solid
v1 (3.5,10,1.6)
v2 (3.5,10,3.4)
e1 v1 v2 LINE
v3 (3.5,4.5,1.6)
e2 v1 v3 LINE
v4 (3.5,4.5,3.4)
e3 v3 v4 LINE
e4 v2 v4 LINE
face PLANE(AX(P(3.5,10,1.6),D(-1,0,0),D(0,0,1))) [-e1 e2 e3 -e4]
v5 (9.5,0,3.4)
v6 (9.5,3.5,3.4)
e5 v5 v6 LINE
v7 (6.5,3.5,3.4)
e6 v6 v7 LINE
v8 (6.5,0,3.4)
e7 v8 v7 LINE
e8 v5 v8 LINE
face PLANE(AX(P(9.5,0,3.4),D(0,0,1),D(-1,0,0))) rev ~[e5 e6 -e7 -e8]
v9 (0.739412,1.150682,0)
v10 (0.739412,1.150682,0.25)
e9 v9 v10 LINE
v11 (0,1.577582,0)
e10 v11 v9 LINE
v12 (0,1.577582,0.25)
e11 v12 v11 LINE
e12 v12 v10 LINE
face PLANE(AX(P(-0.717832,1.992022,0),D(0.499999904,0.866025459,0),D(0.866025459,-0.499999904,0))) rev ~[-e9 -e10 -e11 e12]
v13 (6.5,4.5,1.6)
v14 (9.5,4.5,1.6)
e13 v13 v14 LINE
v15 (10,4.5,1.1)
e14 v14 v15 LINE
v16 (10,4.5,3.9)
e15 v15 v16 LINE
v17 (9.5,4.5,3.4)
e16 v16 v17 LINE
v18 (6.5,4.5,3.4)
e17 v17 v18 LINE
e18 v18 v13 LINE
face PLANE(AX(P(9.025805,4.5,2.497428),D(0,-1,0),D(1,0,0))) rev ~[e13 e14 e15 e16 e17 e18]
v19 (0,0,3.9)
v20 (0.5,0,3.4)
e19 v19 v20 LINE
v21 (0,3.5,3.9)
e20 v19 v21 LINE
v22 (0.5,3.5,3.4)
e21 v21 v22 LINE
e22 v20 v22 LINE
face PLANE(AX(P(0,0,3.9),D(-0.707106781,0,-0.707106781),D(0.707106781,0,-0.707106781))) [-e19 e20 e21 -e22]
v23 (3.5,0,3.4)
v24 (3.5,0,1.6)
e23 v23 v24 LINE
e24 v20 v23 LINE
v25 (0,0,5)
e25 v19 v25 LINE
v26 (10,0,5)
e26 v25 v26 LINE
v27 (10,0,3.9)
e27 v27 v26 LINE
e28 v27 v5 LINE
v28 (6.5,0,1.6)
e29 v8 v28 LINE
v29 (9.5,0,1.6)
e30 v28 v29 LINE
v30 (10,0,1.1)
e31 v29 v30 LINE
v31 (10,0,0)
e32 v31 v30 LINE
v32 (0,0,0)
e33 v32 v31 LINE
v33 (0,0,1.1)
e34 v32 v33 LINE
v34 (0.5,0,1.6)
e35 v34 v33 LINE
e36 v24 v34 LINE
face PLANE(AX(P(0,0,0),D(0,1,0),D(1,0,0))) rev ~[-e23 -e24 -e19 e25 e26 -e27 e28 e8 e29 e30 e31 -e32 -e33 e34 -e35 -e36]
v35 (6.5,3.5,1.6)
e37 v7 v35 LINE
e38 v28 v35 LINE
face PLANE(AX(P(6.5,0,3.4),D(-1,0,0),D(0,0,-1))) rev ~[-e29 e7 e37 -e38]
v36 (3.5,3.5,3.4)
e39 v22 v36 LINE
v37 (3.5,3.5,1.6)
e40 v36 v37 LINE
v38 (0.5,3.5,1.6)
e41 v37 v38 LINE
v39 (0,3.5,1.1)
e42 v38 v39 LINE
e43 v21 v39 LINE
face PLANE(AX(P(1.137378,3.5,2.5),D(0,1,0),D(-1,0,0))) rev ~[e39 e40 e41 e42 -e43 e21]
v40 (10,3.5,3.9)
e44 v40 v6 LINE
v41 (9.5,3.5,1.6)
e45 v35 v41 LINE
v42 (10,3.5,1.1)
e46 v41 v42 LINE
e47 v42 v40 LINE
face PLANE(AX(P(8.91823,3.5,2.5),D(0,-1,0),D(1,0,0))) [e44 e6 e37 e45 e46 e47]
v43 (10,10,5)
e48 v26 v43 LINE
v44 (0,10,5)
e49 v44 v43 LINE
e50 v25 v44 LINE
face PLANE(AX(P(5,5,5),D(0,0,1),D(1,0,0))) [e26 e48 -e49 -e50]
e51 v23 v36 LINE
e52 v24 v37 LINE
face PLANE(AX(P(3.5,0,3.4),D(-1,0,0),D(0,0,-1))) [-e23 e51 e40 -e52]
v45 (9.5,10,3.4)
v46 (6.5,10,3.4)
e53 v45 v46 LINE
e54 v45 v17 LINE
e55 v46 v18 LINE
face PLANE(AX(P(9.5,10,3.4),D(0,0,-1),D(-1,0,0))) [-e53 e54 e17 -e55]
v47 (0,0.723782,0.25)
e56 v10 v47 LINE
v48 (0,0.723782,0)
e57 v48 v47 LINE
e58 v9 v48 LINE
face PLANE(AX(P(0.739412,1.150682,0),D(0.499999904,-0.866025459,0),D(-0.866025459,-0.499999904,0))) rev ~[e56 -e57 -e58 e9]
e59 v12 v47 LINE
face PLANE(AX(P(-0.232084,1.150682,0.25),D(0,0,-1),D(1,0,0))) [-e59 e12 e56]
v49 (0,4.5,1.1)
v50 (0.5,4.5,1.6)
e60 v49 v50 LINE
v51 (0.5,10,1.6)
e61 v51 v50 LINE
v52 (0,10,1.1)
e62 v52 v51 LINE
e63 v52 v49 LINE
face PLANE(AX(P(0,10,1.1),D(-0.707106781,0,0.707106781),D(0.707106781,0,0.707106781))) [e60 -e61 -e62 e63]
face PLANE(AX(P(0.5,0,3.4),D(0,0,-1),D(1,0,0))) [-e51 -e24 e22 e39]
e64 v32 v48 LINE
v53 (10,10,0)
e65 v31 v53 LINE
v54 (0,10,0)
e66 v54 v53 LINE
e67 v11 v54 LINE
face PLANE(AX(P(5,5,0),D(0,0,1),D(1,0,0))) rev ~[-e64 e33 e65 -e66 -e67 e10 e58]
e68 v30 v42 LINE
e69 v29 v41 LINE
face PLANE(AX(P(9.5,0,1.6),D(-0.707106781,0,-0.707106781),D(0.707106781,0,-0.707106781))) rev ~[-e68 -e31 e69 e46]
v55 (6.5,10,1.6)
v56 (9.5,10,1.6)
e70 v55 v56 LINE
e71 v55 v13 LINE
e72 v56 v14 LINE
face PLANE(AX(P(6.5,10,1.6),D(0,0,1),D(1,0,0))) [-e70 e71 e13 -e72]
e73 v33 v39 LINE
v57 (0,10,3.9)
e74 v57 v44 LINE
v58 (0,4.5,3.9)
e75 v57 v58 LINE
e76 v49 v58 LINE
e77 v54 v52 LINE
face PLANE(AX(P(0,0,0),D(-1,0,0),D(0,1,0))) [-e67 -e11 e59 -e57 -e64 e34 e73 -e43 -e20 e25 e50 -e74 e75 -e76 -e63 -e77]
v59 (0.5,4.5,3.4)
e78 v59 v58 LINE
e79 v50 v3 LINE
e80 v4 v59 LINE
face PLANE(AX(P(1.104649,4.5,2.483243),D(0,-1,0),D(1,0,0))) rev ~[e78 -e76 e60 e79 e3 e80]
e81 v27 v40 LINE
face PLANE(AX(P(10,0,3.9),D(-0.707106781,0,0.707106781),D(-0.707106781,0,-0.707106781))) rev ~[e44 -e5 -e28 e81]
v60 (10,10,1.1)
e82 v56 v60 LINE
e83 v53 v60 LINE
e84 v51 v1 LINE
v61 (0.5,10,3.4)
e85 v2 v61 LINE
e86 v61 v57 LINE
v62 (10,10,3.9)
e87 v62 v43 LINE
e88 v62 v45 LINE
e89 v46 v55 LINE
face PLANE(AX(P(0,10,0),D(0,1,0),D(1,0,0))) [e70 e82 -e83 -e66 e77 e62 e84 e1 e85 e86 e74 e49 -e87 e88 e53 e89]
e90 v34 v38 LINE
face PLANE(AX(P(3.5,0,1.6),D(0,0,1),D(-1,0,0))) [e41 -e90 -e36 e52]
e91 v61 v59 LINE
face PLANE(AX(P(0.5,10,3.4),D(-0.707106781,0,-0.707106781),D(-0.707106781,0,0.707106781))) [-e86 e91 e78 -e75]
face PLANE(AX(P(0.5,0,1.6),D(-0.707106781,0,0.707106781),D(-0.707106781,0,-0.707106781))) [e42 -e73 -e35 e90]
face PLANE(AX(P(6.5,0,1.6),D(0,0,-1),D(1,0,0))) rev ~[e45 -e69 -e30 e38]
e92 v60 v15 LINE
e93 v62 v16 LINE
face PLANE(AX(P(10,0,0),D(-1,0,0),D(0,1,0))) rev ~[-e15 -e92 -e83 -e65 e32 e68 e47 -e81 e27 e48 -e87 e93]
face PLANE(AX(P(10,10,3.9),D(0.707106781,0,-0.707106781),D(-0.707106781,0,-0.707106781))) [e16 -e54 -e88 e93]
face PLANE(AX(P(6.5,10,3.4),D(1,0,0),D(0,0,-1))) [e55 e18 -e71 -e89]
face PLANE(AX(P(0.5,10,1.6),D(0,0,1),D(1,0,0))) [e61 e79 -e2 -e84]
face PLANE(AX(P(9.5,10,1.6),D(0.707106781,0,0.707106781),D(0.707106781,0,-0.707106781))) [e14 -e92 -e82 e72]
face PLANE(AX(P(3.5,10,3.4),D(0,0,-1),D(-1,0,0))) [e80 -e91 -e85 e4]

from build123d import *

# Parameters (mm, degrees)
SKETCH_W        = 10
SKETCH_H        = 10
PAD_DEPTH       = 5
POCKET_DEPTH    = 3.5
POCKET001_DEPTH = 5.5
POCKET002_DEPTH = 0.25


with BuildPart() as part:
    # Sketch → Pad (new body)
    with BuildSketch(Plane.XY):
        with Locations((5, 5)):
            Rectangle(SKETCH_W, SKETCH_H)
    extrude(amount=PAD_DEPTH)

    # Sketch001 (on Face1 of Pad) → Pocket (cut)
    with BuildSketch(Plane.XZ):
        Polygon((0, 3.9), (0.5, 3.4), (3.5, 3.4), (3.5, 1.6), (0.5, 1.6), (0, 1.1), (-0.843027, 1.1), (-0.843027, 3.9), align=None)
        Polygon((10.955688, 3.9), (10, 3.9), (9.5, 3.4), (6.5, 3.4), (6.5, 1.6), (9.5, 1.6), (10, 1.1), (10.955688, 1.1), align=None)
    extrude(amount=-POCKET_DEPTH, mode=Mode.SUBTRACT)

    # Sketch002 (on Face16 of Pocket) → Pocket001 (cut)
    with BuildSketch(Plane(origin=(0, 10, 0), x_dir=(-1, 0, 0), z_dir=(0, 1, 0))):
        Polygon((-11.13075, 3.9), (-10, 3.9), (-9.5, 3.4), (-6.5, 3.4), (-6.5, 1.6), (-9.5, 1.6), (-10, 1.1), (-11.181449, 1.1), (-11.181449, 3.860271), align=None)
        Polygon((-3.5, 3.4), (-0.5, 3.4), (0, 3.9), (0.82411, 3.9), (0.98968, 1.1), (0, 1.1), (-0.5, 1.6), (-3.5, 1.6), align=None)
    extrude(amount=-POCKET001_DEPTH, mode=Mode.SUBTRACT)

    # Sketch003 (on Face2 of Pocket001) → Pocket002 (cut)
    with BuildSketch(Plane(origin=(0, 0, 0), x_dir=(1, 0, 0), z_dir=(0, 0, -1))):
        Polygon((-0.717832, -0.309342), (-0.717832, -1.992022), (0.739412, -1.150682), align=None)
    extrude(amount=-POCKET002_DEPTH, mode=Mode.SUBTRACT)


solid = part.part
